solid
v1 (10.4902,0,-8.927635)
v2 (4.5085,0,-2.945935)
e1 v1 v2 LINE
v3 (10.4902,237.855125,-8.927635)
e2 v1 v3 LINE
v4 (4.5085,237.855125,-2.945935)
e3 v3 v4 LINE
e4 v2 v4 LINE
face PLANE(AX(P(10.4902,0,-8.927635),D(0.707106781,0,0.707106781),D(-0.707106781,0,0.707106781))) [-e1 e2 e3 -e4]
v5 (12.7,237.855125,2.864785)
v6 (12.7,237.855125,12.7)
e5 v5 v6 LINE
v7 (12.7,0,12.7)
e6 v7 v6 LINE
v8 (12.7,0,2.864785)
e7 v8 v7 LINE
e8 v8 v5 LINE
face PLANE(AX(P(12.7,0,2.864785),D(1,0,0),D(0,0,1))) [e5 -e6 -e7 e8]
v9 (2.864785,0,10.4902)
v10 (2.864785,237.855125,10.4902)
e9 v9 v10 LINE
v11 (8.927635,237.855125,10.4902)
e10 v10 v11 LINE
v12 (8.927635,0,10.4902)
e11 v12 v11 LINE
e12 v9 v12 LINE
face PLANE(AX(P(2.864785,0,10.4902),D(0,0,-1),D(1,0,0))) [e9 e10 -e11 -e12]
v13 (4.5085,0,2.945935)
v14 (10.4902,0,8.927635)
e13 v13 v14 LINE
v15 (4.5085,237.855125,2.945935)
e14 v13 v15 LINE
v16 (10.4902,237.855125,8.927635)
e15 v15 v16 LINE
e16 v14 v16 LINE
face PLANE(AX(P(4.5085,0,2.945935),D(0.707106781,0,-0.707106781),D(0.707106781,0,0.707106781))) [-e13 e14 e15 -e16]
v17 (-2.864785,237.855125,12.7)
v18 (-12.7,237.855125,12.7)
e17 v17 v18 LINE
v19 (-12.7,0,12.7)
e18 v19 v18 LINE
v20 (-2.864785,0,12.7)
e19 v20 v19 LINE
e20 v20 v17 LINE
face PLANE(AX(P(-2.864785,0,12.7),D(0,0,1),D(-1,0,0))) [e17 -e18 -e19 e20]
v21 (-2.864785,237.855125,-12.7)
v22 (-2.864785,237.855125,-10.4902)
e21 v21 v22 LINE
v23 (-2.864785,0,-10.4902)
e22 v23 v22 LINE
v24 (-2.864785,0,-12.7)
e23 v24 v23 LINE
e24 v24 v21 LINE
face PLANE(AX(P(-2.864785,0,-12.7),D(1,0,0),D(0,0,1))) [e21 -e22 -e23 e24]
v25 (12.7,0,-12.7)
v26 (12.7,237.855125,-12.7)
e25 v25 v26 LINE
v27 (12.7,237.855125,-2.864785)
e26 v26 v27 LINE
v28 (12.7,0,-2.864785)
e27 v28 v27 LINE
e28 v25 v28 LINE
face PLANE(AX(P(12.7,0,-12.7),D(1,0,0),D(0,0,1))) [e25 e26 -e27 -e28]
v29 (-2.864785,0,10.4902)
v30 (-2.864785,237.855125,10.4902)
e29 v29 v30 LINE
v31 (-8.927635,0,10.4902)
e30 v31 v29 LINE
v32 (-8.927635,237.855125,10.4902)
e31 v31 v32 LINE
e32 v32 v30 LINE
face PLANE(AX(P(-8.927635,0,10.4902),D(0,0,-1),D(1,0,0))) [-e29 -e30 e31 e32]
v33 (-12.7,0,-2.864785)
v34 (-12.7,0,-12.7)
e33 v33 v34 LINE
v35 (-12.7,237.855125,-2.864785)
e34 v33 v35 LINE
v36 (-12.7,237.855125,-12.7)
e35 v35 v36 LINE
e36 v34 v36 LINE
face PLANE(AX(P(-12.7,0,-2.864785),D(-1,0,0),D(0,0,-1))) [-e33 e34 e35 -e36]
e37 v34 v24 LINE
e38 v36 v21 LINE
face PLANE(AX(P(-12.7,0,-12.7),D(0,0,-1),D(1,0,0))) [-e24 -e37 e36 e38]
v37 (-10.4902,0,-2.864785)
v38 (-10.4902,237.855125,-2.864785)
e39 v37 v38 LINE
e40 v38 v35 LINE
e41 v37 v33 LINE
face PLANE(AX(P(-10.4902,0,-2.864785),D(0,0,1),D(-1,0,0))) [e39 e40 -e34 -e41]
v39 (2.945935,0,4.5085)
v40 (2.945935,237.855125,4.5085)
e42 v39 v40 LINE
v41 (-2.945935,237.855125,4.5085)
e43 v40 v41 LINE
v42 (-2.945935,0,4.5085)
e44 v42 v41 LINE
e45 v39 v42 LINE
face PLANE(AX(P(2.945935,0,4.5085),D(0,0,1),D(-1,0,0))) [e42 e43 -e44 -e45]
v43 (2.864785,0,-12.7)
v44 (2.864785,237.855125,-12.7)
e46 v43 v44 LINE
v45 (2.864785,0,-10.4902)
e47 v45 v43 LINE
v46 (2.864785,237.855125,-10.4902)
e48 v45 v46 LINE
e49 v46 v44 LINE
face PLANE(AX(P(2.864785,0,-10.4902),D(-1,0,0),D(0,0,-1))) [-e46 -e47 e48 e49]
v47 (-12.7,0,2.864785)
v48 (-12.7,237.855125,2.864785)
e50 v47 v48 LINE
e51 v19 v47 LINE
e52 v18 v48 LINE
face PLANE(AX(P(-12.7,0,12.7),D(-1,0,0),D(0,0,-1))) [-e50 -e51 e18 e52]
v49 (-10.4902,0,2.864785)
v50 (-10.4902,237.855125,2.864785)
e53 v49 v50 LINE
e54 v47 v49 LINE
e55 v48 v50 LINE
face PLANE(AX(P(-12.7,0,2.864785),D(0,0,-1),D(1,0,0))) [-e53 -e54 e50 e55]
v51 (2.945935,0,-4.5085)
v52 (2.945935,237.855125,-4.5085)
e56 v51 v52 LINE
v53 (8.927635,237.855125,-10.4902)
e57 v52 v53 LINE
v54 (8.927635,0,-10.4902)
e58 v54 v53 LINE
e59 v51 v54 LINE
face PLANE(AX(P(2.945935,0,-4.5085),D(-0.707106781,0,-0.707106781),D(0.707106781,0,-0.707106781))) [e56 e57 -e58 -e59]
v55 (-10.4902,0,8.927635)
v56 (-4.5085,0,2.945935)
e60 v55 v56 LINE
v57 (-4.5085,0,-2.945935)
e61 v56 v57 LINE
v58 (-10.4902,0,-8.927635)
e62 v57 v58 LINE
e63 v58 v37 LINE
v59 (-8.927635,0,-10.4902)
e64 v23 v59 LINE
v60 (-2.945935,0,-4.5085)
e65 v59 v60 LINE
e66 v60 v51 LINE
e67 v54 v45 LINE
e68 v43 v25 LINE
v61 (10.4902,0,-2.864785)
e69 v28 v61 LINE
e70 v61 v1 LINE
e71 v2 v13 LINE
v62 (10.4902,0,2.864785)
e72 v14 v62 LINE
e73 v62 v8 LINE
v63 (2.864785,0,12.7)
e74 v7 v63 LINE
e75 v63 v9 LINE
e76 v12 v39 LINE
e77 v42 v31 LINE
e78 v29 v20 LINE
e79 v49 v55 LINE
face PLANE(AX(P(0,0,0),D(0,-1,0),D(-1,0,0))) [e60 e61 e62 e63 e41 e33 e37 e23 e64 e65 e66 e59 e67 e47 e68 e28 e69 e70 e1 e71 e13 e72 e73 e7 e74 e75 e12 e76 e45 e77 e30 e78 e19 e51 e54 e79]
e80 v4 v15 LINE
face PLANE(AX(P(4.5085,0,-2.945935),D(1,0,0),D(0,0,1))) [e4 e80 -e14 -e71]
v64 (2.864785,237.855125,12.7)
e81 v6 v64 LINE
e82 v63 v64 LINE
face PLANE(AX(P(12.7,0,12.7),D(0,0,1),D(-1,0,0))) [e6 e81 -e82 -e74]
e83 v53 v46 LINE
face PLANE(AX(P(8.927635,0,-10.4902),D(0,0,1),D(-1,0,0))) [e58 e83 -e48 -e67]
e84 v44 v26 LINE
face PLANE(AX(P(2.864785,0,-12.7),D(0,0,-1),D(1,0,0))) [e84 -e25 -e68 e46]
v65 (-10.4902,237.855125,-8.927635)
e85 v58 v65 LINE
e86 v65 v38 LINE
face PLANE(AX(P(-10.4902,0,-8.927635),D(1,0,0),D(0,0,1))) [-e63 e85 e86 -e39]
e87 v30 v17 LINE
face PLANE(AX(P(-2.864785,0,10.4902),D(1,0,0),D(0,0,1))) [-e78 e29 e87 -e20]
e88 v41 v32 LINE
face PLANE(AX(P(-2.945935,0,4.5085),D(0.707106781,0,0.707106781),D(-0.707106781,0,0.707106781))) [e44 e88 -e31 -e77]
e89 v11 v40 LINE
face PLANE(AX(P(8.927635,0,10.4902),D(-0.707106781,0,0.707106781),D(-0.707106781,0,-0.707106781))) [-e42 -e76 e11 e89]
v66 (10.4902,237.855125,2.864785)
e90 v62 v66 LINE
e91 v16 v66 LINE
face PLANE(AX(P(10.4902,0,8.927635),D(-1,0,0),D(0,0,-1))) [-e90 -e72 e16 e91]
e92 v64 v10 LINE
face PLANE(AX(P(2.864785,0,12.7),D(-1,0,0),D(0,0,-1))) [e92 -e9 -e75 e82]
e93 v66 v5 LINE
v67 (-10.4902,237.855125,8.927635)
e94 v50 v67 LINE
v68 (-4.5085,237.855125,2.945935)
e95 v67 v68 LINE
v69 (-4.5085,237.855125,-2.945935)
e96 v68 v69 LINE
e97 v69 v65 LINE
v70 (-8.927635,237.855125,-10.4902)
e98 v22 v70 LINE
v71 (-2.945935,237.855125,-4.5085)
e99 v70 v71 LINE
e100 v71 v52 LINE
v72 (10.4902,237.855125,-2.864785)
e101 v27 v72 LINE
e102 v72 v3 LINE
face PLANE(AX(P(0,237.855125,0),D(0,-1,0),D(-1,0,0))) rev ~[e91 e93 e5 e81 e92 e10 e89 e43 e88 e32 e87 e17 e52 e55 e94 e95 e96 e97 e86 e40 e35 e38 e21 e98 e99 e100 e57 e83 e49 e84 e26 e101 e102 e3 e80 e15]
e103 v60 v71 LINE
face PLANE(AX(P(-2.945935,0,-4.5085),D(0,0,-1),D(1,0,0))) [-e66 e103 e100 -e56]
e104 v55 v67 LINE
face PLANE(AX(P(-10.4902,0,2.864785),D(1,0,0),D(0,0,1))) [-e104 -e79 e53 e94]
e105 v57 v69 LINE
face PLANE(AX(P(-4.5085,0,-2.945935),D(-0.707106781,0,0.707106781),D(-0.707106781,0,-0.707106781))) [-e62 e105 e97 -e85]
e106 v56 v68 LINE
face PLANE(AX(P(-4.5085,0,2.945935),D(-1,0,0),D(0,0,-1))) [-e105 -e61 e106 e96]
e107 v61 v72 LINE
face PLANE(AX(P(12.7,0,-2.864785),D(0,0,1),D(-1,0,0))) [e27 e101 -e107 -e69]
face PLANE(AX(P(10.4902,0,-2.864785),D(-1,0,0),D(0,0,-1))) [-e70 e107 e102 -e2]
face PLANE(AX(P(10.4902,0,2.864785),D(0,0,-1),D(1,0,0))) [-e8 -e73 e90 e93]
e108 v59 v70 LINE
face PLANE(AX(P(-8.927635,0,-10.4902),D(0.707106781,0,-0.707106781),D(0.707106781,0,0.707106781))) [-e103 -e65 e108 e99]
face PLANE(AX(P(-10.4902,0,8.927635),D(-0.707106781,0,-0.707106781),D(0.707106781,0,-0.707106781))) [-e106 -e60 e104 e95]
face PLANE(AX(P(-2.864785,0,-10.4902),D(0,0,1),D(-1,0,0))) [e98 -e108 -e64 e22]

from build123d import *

# Parameters (mm, degrees)
BOSS_EXTRUDE1_DEPTH = 237.855125


with BuildPart() as part:
    # Sketch1 → Boss-Extrude1 (new body)
    with BuildSketch(Plane(origin=(11.365010382, 0, 9.846206226), x_dir=(1, 0, 0), z_dir=(0, 1, 0))):
        Polygon((-24.065010382, 22.546206226), (-14.229795365, 22.546206226), (-14.229795365, 20.336406226), (-20.292645817, 20.336406226), (-14.310945817, 14.354706226), (-8.419074947, 14.354706226), (-2.437374947, 20.336406226), (-8.5002254, 20.336406226), (-8.5002254, 22.546206226), (1.334989618, 22.546206226), (1.334989618, 12.710991208), (-0.874810382, 12.710991208), (-0.874810382, 18.773841661), (-6.856510382, 12.792141661), (-6.856510382, 6.900270791), (-0.874810382, 0.918570791), (-0.874810382, 6.981421243), (1.334989618, 6.981421243), (1.334989618, -2.853793774), (-8.5002254, -2.853793774), (-8.5002254, -0.643993774), (-2.437374947, -0.643993774), (-8.419074947, 5.337706226), (-14.310945817, 5.337706226), (-20.292645817, -0.643993774), (-14.229795365, -0.643993774), (-14.229795365, -2.853793774), (-24.065010382, -2.853793774), (-24.065010382, 6.981421243), (-21.855210382, 6.981421243), (-21.855210382, 0.918570791), (-15.873510382, 6.900270791), (-15.873510382, 12.792141661), (-21.855210382, 18.773841661), (-21.855210382, 12.710991208), (-24.065010382, 12.710991208), align=None)
    extrude(amount=BOSS_EXTRUDE1_DEPTH)


solid = part.part
